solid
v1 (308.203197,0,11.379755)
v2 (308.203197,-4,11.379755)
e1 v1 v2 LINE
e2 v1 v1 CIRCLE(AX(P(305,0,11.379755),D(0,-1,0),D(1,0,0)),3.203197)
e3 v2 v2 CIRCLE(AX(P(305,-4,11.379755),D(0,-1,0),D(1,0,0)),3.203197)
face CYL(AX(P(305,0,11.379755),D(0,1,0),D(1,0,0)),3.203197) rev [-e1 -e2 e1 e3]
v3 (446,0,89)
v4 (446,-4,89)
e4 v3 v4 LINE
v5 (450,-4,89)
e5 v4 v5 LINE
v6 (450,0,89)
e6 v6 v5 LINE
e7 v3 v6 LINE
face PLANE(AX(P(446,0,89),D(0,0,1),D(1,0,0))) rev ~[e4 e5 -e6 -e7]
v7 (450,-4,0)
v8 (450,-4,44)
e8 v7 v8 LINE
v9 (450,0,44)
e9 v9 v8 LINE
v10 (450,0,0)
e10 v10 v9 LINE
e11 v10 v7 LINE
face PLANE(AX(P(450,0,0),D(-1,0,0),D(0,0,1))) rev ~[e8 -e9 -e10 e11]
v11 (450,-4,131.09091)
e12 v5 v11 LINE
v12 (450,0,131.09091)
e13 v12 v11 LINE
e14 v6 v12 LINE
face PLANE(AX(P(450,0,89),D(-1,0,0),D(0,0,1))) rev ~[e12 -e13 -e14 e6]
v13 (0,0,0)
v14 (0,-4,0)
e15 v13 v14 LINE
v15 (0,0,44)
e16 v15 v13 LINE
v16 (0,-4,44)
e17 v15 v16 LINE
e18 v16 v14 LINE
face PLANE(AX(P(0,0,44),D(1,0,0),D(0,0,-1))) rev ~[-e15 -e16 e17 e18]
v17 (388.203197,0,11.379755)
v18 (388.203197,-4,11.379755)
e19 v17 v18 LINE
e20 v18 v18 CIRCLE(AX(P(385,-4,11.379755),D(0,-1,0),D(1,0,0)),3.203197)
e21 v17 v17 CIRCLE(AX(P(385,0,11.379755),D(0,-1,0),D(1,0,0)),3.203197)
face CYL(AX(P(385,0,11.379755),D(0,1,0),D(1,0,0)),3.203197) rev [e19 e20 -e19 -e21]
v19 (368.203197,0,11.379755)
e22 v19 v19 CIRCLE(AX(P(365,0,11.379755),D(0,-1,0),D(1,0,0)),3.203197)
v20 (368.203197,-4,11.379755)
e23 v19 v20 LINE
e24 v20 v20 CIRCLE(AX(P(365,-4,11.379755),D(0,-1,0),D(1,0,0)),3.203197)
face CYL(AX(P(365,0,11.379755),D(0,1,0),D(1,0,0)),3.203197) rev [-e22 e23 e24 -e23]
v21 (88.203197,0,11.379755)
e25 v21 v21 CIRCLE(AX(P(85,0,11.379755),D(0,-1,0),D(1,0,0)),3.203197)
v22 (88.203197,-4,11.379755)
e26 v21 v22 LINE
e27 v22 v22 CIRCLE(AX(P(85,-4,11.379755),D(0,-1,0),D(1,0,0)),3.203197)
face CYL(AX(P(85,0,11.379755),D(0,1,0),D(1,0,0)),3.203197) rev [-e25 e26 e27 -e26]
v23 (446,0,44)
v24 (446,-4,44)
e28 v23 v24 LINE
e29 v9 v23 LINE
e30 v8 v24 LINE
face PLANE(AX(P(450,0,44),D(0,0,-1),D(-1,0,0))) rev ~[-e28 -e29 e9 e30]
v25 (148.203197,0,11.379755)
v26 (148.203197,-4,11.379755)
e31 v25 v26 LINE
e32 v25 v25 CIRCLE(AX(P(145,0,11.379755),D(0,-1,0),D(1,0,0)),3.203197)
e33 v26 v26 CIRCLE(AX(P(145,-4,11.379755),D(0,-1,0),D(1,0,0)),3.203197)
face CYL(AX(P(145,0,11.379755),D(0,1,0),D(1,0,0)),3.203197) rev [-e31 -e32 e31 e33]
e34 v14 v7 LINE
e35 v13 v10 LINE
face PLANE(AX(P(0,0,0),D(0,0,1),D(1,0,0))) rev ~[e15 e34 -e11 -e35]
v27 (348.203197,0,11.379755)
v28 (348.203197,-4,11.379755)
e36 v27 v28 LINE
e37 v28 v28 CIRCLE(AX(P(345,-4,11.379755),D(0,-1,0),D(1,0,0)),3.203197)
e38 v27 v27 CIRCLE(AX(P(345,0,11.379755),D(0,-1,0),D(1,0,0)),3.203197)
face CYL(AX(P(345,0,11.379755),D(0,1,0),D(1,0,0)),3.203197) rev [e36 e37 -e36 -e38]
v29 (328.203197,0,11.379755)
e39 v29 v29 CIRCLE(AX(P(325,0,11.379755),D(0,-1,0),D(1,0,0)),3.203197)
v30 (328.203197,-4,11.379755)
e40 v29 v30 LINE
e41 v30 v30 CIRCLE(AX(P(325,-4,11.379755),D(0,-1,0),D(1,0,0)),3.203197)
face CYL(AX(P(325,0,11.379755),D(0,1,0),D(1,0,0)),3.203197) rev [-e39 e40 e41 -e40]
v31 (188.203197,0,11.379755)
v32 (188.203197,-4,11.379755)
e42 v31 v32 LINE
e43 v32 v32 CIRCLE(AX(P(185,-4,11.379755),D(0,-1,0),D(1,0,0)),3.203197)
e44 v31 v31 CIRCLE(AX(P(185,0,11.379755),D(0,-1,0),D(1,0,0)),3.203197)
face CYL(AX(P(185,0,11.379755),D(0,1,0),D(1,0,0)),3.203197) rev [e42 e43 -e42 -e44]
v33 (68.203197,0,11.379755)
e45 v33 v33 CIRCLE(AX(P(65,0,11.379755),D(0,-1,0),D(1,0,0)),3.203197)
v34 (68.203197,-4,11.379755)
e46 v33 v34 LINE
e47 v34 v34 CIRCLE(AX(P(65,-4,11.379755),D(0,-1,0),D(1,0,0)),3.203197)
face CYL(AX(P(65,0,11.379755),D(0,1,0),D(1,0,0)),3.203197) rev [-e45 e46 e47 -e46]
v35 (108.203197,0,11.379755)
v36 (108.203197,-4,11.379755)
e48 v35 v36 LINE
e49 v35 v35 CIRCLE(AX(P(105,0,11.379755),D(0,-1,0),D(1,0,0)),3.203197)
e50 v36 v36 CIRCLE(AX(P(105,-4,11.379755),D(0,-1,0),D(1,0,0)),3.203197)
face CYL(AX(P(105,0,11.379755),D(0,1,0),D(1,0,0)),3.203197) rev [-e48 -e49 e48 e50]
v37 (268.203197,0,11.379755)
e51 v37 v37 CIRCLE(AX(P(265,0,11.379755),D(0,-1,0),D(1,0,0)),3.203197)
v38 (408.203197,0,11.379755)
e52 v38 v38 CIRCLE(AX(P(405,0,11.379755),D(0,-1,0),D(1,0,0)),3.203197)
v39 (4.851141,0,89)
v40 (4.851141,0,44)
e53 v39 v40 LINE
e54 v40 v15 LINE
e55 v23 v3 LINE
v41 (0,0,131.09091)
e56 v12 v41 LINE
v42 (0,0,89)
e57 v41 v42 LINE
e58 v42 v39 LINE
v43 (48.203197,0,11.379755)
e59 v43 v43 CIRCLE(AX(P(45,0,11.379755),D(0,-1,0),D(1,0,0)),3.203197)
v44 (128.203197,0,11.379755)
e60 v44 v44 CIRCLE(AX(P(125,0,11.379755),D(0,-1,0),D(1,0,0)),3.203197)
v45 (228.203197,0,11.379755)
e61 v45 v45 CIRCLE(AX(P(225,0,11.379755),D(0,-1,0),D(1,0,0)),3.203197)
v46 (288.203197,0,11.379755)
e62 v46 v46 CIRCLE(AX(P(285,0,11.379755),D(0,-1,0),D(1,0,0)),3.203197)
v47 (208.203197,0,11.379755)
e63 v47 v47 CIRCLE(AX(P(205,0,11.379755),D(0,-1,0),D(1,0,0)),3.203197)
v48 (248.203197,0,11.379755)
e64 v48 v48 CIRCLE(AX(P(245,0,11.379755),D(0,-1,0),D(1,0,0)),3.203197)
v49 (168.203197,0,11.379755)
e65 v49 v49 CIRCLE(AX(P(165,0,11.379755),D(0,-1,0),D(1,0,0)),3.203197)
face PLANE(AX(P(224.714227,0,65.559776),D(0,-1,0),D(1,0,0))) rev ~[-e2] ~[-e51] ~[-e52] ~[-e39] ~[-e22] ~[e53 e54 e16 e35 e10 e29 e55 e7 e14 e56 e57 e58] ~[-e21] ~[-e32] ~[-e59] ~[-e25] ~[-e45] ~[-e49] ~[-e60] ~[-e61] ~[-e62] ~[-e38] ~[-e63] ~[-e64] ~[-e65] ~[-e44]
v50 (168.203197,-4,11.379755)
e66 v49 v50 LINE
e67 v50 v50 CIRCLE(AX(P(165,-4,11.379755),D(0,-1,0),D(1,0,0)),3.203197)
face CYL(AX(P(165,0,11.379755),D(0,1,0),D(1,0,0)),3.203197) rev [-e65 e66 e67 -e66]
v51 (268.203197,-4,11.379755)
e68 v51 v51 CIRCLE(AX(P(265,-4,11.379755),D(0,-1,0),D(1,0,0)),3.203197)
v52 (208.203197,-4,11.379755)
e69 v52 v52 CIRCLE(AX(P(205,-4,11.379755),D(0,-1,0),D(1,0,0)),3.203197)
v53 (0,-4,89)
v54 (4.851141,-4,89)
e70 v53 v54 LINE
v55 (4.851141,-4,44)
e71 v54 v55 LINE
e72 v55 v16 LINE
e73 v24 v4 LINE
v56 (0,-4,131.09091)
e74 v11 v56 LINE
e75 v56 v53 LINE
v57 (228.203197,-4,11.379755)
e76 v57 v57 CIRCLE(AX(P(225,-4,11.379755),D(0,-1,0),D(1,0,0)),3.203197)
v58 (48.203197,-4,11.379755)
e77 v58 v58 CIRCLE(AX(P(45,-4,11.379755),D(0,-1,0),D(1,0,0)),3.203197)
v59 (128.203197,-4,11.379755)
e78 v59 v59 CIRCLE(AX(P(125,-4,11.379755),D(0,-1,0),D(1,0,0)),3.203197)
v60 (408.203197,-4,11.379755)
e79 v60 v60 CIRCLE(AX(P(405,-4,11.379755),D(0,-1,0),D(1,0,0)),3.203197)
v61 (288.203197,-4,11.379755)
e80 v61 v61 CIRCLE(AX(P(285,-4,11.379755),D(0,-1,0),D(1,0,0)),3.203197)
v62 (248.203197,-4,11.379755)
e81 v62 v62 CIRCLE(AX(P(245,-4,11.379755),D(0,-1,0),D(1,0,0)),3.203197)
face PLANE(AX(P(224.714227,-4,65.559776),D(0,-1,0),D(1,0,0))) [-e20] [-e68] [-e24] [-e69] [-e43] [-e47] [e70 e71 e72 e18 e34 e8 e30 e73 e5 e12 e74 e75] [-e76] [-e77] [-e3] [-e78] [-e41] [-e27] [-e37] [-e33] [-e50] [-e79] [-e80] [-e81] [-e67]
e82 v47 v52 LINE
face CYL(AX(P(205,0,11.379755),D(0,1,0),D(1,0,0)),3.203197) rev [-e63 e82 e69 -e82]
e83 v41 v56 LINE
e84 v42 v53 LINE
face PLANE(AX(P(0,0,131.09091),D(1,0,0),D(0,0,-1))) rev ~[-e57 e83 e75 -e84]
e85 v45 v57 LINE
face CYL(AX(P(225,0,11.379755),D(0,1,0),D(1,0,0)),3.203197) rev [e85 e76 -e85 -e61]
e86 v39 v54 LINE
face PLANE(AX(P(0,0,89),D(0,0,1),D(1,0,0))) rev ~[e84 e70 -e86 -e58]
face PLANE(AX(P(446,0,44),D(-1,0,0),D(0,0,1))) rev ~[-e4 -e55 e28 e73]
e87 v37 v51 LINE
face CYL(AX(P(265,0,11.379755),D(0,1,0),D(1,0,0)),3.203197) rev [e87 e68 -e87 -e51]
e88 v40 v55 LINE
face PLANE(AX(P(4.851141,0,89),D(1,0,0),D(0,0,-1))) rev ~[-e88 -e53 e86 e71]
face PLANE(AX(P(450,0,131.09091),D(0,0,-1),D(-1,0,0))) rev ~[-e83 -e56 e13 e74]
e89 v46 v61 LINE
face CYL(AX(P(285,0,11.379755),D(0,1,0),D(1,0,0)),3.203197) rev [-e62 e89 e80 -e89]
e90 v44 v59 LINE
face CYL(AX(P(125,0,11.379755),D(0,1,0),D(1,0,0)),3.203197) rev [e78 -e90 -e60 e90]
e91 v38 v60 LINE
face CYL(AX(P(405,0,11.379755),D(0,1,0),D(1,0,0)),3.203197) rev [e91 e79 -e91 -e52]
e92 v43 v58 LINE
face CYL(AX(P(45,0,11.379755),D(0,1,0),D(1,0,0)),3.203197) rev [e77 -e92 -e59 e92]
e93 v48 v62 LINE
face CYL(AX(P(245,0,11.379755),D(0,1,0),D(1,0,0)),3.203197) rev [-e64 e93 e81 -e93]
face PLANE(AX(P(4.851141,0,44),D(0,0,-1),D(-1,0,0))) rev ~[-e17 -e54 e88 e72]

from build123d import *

# Parameters (mm, degrees)
F0_R     = 3.203197
F1_DEPTH = 4


with BuildPart() as f1:
    # F0 (on Front) → F1 (new body)
    with BuildSketch(Plane.XZ):
        Polygon((0, 44), (0, 0), (450, 0), (450, 44), (446, 44), (446, 89), (450, 89), (450, 131.09091), (0, 131.09091), (0, 89), (4.851141, 89), (4.851141, 44), align=None)
        with Locations((45, 11.379755)):
            Circle(F0_R, mode=Mode.SUBTRACT)
        with Locations((65, 11.379755)):
            Circle(F0_R, mode=Mode.SUBTRACT)
        with Locations((85, 11.379755)):
            Circle(F0_R, mode=Mode.SUBTRACT)
        with Locations((105, 11.379755)):
            Circle(F0_R, mode=Mode.SUBTRACT)
        with Locations((125, 11.379755)):
            Circle(F0_R, mode=Mode.SUBTRACT)
        with Locations((145, 11.379755)):
            Circle(F0_R, mode=Mode.SUBTRACT)
        with Locations((165, 11.379755)):
            Circle(F0_R, mode=Mode.SUBTRACT)
        with Locations((185, 11.379755)):
            Circle(F0_R, mode=Mode.SUBTRACT)
        with Locations((205, 11.379755)):
            Circle(F0_R, mode=Mode.SUBTRACT)
        with Locations((225, 11.379755)):
            Circle(F0_R, mode=Mode.SUBTRACT)
        with Locations((245, 11.379755)):
            Circle(F0_R, mode=Mode.SUBTRACT)
        with Locations((265, 11.379755)):
            Circle(F0_R, mode=Mode.SUBTRACT)
        with Locations((285, 11.379755)):
            Circle(F0_R, mode=Mode.SUBTRACT)
        with Locations((305, 11.379755)):
            Circle(F0_R, mode=Mode.SUBTRACT)
        with Locations((325, 11.379755)):
            Circle(F0_R, mode=Mode.SUBTRACT)
        with Locations((345, 11.379755)):
            Circle(F0_R, mode=Mode.SUBTRACT)
        with Locations((365, 11.379755)):
            Circle(F0_R, mode=Mode.SUBTRACT)
        with Locations((385, 11.379755)):
            Circle(F0_R, mode=Mode.SUBTRACT)
        with Locations((405, 11.379755)):
            Circle(F0_R, mode=Mode.SUBTRACT)
    extrude(amount=F1_DEPTH)


solid = f1.part
